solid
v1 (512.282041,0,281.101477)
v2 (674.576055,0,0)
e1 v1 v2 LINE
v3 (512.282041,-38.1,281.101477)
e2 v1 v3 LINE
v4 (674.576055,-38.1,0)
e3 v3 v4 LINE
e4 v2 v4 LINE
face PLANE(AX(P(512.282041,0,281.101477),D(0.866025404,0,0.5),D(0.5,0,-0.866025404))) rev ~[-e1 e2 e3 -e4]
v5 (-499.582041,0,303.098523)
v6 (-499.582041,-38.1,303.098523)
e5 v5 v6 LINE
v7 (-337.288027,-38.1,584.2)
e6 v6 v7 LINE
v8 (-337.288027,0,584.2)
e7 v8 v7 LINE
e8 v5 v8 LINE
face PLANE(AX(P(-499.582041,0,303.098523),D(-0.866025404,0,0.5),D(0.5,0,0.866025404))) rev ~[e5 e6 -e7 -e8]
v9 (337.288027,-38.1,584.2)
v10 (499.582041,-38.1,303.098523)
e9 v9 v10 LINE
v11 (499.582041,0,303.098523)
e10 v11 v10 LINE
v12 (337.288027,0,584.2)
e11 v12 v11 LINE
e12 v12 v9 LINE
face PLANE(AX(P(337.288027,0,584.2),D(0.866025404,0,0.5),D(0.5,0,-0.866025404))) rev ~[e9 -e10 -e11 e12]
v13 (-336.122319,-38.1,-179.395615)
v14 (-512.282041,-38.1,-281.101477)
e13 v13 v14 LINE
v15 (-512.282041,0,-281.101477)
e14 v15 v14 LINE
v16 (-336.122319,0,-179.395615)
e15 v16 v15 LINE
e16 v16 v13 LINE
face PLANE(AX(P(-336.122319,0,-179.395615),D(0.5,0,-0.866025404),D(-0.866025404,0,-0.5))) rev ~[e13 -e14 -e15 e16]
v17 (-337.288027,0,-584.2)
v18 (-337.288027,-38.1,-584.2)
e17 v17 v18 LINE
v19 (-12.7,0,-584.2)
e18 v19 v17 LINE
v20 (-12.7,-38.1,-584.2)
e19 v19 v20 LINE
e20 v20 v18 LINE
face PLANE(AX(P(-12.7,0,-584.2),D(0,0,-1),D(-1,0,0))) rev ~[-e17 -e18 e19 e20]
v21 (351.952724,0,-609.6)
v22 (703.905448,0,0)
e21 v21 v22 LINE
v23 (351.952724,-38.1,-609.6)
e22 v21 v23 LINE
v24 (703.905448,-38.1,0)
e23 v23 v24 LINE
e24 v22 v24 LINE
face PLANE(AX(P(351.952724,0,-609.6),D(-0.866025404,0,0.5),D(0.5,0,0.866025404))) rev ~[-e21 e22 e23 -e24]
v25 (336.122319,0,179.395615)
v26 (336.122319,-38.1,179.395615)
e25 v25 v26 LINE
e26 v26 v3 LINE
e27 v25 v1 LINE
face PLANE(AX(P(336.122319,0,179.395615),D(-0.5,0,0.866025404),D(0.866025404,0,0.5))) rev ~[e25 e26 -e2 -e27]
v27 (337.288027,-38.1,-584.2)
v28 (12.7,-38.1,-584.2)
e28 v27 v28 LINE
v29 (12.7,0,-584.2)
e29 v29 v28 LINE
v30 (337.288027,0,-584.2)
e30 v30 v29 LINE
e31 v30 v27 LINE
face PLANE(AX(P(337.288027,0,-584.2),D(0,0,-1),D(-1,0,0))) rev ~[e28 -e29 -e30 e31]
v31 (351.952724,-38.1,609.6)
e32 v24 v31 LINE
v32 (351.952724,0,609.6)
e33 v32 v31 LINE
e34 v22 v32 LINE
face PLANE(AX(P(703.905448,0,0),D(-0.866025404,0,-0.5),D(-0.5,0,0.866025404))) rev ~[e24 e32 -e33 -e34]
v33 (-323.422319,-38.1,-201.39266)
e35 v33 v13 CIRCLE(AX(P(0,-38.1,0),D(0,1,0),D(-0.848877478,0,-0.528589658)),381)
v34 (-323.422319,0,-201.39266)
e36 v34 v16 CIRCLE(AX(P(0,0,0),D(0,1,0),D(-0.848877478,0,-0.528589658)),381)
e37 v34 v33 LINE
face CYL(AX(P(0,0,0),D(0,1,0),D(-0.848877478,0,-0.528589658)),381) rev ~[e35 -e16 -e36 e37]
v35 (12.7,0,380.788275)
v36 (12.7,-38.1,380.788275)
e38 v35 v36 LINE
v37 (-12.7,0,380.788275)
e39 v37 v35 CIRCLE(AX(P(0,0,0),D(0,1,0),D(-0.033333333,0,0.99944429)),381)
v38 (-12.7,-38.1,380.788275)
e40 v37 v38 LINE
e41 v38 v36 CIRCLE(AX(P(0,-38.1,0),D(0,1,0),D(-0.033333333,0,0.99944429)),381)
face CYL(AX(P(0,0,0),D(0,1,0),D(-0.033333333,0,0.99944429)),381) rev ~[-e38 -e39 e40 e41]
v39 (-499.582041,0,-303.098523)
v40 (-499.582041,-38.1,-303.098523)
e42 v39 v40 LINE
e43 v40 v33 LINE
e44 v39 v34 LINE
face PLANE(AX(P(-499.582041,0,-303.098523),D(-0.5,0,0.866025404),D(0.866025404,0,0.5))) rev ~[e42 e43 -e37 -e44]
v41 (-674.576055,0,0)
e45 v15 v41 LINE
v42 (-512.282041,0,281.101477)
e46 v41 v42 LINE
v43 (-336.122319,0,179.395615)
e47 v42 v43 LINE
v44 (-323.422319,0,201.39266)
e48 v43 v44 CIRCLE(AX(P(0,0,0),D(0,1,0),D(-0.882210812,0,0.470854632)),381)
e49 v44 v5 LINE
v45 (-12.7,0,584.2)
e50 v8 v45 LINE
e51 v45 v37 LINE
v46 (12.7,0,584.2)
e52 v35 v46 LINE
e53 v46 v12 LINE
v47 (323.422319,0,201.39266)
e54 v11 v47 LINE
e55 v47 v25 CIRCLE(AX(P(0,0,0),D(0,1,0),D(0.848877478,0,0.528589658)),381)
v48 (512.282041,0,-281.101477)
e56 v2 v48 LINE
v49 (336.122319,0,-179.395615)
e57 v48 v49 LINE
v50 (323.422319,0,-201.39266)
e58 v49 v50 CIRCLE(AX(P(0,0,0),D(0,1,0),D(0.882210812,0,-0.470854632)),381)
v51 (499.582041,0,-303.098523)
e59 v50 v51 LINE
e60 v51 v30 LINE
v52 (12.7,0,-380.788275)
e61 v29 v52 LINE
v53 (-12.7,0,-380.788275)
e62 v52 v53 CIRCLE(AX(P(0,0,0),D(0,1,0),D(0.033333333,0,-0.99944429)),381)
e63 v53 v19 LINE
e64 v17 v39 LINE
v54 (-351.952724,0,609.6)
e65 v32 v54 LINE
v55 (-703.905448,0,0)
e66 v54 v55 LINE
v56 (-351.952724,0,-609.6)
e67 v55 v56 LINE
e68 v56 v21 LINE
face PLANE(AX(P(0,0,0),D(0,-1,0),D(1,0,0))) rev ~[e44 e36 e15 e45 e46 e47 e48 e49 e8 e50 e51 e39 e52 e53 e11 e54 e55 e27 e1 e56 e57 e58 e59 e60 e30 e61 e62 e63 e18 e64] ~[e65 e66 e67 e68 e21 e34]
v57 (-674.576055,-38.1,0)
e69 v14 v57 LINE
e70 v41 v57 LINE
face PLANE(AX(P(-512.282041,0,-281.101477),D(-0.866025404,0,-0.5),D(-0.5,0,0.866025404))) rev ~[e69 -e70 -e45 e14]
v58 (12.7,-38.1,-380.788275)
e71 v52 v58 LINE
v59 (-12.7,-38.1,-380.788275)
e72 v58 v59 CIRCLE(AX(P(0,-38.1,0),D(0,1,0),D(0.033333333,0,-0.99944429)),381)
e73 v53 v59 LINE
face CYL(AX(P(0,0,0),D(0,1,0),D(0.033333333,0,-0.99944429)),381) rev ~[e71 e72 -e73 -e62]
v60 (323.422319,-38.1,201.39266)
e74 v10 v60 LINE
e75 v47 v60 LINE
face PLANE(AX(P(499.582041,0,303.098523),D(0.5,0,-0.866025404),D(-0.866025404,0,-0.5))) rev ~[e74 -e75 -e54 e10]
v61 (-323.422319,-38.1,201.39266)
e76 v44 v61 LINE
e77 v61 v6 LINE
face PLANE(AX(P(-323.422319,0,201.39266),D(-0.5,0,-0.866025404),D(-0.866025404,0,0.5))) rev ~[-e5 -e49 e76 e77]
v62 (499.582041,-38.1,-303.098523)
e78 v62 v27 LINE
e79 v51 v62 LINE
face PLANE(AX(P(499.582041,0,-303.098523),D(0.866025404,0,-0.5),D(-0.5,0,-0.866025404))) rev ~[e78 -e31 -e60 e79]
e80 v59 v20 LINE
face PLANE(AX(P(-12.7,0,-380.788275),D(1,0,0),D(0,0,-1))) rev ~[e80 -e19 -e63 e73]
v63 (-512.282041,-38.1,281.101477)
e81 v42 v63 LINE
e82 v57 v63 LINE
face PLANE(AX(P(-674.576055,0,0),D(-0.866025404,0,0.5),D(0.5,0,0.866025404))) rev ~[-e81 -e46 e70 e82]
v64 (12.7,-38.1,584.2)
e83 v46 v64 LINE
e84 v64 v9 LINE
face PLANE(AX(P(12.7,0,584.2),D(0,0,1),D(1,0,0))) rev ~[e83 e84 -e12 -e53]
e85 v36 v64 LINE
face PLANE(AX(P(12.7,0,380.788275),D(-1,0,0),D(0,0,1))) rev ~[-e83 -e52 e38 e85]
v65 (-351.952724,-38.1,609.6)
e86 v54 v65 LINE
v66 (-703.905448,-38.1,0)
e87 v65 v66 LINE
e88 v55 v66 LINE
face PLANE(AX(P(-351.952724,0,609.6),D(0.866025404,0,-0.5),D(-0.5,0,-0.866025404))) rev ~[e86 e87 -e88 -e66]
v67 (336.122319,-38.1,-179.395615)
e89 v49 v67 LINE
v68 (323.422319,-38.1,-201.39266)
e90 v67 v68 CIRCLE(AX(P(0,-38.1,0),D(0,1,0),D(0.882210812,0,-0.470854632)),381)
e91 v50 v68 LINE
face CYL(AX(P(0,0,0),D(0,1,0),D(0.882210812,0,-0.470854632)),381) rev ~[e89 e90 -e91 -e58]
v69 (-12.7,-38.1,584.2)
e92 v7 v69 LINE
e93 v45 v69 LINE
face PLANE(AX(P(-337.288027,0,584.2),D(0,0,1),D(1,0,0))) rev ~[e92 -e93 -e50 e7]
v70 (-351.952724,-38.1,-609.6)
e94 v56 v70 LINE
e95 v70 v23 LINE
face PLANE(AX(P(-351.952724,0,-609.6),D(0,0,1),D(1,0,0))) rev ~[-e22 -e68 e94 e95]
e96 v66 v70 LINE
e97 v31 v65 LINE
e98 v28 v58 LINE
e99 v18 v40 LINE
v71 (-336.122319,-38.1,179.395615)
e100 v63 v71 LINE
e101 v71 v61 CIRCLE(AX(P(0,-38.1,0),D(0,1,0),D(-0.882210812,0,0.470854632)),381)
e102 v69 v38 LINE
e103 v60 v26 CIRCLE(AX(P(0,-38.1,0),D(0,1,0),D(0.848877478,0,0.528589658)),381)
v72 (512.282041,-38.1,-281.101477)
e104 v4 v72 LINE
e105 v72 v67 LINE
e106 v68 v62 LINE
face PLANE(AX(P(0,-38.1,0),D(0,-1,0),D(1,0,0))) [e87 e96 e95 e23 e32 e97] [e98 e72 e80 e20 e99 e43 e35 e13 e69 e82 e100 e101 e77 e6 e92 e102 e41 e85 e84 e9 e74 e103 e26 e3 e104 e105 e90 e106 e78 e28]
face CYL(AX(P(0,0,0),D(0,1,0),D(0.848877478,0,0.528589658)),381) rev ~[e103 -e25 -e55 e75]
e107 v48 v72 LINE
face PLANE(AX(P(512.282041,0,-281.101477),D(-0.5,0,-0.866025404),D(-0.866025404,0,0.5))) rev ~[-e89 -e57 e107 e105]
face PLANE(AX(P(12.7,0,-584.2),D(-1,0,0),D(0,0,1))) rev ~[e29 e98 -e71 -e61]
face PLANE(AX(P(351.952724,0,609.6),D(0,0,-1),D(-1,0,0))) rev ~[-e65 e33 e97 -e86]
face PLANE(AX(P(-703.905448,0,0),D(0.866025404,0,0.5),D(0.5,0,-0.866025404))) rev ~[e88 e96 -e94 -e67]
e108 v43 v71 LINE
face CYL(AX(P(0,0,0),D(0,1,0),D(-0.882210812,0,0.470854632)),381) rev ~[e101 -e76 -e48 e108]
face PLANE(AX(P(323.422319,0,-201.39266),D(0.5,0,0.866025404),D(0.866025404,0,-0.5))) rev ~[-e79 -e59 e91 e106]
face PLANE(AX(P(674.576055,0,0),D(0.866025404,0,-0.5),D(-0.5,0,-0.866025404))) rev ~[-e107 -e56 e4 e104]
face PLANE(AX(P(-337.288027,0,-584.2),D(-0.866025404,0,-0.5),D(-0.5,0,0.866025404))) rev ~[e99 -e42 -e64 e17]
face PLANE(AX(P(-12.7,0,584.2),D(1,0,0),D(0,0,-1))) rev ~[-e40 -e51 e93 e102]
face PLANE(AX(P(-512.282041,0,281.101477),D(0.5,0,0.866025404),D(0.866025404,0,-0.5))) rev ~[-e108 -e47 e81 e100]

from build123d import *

# Parameters (mm, degrees)
F1_DEPTH = 38.1


with BuildPart() as f1:
    # F0 (on Front) → F1 (new body)
    with BuildSketch(Plane.XZ):
        Polygon((351.952724098, 609.6), (-351.952724098, 609.6), (-703.905448196, 0), (-351.952724098, -609.6), (351.952724098, -609.6), (703.905448196, 0), align=None)
        Polygon((12.7, 584.2), (337.2880272606, 584.2), (499.5820408909, 303.0985226281), (512.2820408909, 281.1014773719), (674.5760545212, 0), (512.2820408909, -281.1014773719), (499.5820408909, -303.0985226281), (337.2880272606, -584.2), (12.7, -584.2), (-12.7, -584.2), (-337.2880272606, -584.2), (-499.5820408909, -303.0985226281), (-512.2820408909, -281.1014773719), (-674.5760545212, 0), (-512.2820408909, 281.1014773719), (-499.5820408909, 303.0985226281), (-449.9381191901, 389.0843173008), (-337.2880272606, 584.2), (-12.7, 584.2), align=None, mode=Mode.SUBTRACT)
        with BuildLine():
            Line((12.7, 380.7882745043), (12.7, 584.2))
            Line((12.7, 584.2), (-12.7, 584.2))
            Line((-12.7, 584.2), (-12.7, 380.7882745043))
            ThreePointArc((-12.7, 380.7882745043), (0, 381), (12.7, 380.7882745043))
        make_face()
        with BuildLine():
            ThreePointArc((-336.122319184, 179.3956146241), (-329.9556788419, 190.5), (-323.422319184, 201.3926598802))
            Line((-323.422319184, 201.3926598802), (-499.5820408909, 303.0985226281))
            Line((-499.5820408909, 303.0985226281), (-512.2820408909, 281.1014773719))
            Line((-512.2820408909, 281.1014773719), (-336.122319184, 179.3956146241))
        make_face()
        with BuildLine():
            Line((512.2820408909, 281.1014773719), (499.5820408909, 303.0985226281))
            Line((499.5820408909, 303.0985226281), (323.422319184, 201.3926598802))
            ThreePointArc((323.422319184, 201.3926598802), (329.9556788419, 190.5), (336.122319184, 179.3956146241))
            Line((336.122319184, 179.3956146241), (512.2820408909, 281.1014773719))
        make_face()
        with BuildLine():
            Line((499.5820408909, -303.0985226281), (512.2820408909, -281.1014773719))
            Line((512.2820408909, -281.1014773719), (336.122319184, -179.3956146241))
            ThreePointArc((336.122319184, -179.3956146241), (329.9556788419, -190.5), (323.422319184, -201.3926598802))
            Line((323.422319184, -201.3926598802), (499.5820408909, -303.0985226281))
        make_face()
        with BuildLine():
            Line((-12.7, -584.2), (12.7, -584.2))
            Line((12.7, -584.2), (12.7, -380.7882745043))
            ThreePointArc((12.7, -380.7882745043), (0, -381), (-12.7, -380.7882745043))
            Line((-12.7, -380.7882745043), (-12.7, -584.2))
        make_face()
        with BuildLine():
            ThreePointArc((-323.422319184, -201.3926598802), (-329.9556788419, -190.5), (-336.122319184, -179.3956146241))
            Line((-336.122319184, -179.3956146241), (-512.2820408909, -281.1014773719))
            Line((-512.2820408909, -281.1014773719), (-499.5820408909, -303.0985226281))
            Line((-499.5820408909, -303.0985226281), (-323.422319184, -201.3926598802))
        make_face()
    extrude(amount=F1_DEPTH)


solid = f1.part
